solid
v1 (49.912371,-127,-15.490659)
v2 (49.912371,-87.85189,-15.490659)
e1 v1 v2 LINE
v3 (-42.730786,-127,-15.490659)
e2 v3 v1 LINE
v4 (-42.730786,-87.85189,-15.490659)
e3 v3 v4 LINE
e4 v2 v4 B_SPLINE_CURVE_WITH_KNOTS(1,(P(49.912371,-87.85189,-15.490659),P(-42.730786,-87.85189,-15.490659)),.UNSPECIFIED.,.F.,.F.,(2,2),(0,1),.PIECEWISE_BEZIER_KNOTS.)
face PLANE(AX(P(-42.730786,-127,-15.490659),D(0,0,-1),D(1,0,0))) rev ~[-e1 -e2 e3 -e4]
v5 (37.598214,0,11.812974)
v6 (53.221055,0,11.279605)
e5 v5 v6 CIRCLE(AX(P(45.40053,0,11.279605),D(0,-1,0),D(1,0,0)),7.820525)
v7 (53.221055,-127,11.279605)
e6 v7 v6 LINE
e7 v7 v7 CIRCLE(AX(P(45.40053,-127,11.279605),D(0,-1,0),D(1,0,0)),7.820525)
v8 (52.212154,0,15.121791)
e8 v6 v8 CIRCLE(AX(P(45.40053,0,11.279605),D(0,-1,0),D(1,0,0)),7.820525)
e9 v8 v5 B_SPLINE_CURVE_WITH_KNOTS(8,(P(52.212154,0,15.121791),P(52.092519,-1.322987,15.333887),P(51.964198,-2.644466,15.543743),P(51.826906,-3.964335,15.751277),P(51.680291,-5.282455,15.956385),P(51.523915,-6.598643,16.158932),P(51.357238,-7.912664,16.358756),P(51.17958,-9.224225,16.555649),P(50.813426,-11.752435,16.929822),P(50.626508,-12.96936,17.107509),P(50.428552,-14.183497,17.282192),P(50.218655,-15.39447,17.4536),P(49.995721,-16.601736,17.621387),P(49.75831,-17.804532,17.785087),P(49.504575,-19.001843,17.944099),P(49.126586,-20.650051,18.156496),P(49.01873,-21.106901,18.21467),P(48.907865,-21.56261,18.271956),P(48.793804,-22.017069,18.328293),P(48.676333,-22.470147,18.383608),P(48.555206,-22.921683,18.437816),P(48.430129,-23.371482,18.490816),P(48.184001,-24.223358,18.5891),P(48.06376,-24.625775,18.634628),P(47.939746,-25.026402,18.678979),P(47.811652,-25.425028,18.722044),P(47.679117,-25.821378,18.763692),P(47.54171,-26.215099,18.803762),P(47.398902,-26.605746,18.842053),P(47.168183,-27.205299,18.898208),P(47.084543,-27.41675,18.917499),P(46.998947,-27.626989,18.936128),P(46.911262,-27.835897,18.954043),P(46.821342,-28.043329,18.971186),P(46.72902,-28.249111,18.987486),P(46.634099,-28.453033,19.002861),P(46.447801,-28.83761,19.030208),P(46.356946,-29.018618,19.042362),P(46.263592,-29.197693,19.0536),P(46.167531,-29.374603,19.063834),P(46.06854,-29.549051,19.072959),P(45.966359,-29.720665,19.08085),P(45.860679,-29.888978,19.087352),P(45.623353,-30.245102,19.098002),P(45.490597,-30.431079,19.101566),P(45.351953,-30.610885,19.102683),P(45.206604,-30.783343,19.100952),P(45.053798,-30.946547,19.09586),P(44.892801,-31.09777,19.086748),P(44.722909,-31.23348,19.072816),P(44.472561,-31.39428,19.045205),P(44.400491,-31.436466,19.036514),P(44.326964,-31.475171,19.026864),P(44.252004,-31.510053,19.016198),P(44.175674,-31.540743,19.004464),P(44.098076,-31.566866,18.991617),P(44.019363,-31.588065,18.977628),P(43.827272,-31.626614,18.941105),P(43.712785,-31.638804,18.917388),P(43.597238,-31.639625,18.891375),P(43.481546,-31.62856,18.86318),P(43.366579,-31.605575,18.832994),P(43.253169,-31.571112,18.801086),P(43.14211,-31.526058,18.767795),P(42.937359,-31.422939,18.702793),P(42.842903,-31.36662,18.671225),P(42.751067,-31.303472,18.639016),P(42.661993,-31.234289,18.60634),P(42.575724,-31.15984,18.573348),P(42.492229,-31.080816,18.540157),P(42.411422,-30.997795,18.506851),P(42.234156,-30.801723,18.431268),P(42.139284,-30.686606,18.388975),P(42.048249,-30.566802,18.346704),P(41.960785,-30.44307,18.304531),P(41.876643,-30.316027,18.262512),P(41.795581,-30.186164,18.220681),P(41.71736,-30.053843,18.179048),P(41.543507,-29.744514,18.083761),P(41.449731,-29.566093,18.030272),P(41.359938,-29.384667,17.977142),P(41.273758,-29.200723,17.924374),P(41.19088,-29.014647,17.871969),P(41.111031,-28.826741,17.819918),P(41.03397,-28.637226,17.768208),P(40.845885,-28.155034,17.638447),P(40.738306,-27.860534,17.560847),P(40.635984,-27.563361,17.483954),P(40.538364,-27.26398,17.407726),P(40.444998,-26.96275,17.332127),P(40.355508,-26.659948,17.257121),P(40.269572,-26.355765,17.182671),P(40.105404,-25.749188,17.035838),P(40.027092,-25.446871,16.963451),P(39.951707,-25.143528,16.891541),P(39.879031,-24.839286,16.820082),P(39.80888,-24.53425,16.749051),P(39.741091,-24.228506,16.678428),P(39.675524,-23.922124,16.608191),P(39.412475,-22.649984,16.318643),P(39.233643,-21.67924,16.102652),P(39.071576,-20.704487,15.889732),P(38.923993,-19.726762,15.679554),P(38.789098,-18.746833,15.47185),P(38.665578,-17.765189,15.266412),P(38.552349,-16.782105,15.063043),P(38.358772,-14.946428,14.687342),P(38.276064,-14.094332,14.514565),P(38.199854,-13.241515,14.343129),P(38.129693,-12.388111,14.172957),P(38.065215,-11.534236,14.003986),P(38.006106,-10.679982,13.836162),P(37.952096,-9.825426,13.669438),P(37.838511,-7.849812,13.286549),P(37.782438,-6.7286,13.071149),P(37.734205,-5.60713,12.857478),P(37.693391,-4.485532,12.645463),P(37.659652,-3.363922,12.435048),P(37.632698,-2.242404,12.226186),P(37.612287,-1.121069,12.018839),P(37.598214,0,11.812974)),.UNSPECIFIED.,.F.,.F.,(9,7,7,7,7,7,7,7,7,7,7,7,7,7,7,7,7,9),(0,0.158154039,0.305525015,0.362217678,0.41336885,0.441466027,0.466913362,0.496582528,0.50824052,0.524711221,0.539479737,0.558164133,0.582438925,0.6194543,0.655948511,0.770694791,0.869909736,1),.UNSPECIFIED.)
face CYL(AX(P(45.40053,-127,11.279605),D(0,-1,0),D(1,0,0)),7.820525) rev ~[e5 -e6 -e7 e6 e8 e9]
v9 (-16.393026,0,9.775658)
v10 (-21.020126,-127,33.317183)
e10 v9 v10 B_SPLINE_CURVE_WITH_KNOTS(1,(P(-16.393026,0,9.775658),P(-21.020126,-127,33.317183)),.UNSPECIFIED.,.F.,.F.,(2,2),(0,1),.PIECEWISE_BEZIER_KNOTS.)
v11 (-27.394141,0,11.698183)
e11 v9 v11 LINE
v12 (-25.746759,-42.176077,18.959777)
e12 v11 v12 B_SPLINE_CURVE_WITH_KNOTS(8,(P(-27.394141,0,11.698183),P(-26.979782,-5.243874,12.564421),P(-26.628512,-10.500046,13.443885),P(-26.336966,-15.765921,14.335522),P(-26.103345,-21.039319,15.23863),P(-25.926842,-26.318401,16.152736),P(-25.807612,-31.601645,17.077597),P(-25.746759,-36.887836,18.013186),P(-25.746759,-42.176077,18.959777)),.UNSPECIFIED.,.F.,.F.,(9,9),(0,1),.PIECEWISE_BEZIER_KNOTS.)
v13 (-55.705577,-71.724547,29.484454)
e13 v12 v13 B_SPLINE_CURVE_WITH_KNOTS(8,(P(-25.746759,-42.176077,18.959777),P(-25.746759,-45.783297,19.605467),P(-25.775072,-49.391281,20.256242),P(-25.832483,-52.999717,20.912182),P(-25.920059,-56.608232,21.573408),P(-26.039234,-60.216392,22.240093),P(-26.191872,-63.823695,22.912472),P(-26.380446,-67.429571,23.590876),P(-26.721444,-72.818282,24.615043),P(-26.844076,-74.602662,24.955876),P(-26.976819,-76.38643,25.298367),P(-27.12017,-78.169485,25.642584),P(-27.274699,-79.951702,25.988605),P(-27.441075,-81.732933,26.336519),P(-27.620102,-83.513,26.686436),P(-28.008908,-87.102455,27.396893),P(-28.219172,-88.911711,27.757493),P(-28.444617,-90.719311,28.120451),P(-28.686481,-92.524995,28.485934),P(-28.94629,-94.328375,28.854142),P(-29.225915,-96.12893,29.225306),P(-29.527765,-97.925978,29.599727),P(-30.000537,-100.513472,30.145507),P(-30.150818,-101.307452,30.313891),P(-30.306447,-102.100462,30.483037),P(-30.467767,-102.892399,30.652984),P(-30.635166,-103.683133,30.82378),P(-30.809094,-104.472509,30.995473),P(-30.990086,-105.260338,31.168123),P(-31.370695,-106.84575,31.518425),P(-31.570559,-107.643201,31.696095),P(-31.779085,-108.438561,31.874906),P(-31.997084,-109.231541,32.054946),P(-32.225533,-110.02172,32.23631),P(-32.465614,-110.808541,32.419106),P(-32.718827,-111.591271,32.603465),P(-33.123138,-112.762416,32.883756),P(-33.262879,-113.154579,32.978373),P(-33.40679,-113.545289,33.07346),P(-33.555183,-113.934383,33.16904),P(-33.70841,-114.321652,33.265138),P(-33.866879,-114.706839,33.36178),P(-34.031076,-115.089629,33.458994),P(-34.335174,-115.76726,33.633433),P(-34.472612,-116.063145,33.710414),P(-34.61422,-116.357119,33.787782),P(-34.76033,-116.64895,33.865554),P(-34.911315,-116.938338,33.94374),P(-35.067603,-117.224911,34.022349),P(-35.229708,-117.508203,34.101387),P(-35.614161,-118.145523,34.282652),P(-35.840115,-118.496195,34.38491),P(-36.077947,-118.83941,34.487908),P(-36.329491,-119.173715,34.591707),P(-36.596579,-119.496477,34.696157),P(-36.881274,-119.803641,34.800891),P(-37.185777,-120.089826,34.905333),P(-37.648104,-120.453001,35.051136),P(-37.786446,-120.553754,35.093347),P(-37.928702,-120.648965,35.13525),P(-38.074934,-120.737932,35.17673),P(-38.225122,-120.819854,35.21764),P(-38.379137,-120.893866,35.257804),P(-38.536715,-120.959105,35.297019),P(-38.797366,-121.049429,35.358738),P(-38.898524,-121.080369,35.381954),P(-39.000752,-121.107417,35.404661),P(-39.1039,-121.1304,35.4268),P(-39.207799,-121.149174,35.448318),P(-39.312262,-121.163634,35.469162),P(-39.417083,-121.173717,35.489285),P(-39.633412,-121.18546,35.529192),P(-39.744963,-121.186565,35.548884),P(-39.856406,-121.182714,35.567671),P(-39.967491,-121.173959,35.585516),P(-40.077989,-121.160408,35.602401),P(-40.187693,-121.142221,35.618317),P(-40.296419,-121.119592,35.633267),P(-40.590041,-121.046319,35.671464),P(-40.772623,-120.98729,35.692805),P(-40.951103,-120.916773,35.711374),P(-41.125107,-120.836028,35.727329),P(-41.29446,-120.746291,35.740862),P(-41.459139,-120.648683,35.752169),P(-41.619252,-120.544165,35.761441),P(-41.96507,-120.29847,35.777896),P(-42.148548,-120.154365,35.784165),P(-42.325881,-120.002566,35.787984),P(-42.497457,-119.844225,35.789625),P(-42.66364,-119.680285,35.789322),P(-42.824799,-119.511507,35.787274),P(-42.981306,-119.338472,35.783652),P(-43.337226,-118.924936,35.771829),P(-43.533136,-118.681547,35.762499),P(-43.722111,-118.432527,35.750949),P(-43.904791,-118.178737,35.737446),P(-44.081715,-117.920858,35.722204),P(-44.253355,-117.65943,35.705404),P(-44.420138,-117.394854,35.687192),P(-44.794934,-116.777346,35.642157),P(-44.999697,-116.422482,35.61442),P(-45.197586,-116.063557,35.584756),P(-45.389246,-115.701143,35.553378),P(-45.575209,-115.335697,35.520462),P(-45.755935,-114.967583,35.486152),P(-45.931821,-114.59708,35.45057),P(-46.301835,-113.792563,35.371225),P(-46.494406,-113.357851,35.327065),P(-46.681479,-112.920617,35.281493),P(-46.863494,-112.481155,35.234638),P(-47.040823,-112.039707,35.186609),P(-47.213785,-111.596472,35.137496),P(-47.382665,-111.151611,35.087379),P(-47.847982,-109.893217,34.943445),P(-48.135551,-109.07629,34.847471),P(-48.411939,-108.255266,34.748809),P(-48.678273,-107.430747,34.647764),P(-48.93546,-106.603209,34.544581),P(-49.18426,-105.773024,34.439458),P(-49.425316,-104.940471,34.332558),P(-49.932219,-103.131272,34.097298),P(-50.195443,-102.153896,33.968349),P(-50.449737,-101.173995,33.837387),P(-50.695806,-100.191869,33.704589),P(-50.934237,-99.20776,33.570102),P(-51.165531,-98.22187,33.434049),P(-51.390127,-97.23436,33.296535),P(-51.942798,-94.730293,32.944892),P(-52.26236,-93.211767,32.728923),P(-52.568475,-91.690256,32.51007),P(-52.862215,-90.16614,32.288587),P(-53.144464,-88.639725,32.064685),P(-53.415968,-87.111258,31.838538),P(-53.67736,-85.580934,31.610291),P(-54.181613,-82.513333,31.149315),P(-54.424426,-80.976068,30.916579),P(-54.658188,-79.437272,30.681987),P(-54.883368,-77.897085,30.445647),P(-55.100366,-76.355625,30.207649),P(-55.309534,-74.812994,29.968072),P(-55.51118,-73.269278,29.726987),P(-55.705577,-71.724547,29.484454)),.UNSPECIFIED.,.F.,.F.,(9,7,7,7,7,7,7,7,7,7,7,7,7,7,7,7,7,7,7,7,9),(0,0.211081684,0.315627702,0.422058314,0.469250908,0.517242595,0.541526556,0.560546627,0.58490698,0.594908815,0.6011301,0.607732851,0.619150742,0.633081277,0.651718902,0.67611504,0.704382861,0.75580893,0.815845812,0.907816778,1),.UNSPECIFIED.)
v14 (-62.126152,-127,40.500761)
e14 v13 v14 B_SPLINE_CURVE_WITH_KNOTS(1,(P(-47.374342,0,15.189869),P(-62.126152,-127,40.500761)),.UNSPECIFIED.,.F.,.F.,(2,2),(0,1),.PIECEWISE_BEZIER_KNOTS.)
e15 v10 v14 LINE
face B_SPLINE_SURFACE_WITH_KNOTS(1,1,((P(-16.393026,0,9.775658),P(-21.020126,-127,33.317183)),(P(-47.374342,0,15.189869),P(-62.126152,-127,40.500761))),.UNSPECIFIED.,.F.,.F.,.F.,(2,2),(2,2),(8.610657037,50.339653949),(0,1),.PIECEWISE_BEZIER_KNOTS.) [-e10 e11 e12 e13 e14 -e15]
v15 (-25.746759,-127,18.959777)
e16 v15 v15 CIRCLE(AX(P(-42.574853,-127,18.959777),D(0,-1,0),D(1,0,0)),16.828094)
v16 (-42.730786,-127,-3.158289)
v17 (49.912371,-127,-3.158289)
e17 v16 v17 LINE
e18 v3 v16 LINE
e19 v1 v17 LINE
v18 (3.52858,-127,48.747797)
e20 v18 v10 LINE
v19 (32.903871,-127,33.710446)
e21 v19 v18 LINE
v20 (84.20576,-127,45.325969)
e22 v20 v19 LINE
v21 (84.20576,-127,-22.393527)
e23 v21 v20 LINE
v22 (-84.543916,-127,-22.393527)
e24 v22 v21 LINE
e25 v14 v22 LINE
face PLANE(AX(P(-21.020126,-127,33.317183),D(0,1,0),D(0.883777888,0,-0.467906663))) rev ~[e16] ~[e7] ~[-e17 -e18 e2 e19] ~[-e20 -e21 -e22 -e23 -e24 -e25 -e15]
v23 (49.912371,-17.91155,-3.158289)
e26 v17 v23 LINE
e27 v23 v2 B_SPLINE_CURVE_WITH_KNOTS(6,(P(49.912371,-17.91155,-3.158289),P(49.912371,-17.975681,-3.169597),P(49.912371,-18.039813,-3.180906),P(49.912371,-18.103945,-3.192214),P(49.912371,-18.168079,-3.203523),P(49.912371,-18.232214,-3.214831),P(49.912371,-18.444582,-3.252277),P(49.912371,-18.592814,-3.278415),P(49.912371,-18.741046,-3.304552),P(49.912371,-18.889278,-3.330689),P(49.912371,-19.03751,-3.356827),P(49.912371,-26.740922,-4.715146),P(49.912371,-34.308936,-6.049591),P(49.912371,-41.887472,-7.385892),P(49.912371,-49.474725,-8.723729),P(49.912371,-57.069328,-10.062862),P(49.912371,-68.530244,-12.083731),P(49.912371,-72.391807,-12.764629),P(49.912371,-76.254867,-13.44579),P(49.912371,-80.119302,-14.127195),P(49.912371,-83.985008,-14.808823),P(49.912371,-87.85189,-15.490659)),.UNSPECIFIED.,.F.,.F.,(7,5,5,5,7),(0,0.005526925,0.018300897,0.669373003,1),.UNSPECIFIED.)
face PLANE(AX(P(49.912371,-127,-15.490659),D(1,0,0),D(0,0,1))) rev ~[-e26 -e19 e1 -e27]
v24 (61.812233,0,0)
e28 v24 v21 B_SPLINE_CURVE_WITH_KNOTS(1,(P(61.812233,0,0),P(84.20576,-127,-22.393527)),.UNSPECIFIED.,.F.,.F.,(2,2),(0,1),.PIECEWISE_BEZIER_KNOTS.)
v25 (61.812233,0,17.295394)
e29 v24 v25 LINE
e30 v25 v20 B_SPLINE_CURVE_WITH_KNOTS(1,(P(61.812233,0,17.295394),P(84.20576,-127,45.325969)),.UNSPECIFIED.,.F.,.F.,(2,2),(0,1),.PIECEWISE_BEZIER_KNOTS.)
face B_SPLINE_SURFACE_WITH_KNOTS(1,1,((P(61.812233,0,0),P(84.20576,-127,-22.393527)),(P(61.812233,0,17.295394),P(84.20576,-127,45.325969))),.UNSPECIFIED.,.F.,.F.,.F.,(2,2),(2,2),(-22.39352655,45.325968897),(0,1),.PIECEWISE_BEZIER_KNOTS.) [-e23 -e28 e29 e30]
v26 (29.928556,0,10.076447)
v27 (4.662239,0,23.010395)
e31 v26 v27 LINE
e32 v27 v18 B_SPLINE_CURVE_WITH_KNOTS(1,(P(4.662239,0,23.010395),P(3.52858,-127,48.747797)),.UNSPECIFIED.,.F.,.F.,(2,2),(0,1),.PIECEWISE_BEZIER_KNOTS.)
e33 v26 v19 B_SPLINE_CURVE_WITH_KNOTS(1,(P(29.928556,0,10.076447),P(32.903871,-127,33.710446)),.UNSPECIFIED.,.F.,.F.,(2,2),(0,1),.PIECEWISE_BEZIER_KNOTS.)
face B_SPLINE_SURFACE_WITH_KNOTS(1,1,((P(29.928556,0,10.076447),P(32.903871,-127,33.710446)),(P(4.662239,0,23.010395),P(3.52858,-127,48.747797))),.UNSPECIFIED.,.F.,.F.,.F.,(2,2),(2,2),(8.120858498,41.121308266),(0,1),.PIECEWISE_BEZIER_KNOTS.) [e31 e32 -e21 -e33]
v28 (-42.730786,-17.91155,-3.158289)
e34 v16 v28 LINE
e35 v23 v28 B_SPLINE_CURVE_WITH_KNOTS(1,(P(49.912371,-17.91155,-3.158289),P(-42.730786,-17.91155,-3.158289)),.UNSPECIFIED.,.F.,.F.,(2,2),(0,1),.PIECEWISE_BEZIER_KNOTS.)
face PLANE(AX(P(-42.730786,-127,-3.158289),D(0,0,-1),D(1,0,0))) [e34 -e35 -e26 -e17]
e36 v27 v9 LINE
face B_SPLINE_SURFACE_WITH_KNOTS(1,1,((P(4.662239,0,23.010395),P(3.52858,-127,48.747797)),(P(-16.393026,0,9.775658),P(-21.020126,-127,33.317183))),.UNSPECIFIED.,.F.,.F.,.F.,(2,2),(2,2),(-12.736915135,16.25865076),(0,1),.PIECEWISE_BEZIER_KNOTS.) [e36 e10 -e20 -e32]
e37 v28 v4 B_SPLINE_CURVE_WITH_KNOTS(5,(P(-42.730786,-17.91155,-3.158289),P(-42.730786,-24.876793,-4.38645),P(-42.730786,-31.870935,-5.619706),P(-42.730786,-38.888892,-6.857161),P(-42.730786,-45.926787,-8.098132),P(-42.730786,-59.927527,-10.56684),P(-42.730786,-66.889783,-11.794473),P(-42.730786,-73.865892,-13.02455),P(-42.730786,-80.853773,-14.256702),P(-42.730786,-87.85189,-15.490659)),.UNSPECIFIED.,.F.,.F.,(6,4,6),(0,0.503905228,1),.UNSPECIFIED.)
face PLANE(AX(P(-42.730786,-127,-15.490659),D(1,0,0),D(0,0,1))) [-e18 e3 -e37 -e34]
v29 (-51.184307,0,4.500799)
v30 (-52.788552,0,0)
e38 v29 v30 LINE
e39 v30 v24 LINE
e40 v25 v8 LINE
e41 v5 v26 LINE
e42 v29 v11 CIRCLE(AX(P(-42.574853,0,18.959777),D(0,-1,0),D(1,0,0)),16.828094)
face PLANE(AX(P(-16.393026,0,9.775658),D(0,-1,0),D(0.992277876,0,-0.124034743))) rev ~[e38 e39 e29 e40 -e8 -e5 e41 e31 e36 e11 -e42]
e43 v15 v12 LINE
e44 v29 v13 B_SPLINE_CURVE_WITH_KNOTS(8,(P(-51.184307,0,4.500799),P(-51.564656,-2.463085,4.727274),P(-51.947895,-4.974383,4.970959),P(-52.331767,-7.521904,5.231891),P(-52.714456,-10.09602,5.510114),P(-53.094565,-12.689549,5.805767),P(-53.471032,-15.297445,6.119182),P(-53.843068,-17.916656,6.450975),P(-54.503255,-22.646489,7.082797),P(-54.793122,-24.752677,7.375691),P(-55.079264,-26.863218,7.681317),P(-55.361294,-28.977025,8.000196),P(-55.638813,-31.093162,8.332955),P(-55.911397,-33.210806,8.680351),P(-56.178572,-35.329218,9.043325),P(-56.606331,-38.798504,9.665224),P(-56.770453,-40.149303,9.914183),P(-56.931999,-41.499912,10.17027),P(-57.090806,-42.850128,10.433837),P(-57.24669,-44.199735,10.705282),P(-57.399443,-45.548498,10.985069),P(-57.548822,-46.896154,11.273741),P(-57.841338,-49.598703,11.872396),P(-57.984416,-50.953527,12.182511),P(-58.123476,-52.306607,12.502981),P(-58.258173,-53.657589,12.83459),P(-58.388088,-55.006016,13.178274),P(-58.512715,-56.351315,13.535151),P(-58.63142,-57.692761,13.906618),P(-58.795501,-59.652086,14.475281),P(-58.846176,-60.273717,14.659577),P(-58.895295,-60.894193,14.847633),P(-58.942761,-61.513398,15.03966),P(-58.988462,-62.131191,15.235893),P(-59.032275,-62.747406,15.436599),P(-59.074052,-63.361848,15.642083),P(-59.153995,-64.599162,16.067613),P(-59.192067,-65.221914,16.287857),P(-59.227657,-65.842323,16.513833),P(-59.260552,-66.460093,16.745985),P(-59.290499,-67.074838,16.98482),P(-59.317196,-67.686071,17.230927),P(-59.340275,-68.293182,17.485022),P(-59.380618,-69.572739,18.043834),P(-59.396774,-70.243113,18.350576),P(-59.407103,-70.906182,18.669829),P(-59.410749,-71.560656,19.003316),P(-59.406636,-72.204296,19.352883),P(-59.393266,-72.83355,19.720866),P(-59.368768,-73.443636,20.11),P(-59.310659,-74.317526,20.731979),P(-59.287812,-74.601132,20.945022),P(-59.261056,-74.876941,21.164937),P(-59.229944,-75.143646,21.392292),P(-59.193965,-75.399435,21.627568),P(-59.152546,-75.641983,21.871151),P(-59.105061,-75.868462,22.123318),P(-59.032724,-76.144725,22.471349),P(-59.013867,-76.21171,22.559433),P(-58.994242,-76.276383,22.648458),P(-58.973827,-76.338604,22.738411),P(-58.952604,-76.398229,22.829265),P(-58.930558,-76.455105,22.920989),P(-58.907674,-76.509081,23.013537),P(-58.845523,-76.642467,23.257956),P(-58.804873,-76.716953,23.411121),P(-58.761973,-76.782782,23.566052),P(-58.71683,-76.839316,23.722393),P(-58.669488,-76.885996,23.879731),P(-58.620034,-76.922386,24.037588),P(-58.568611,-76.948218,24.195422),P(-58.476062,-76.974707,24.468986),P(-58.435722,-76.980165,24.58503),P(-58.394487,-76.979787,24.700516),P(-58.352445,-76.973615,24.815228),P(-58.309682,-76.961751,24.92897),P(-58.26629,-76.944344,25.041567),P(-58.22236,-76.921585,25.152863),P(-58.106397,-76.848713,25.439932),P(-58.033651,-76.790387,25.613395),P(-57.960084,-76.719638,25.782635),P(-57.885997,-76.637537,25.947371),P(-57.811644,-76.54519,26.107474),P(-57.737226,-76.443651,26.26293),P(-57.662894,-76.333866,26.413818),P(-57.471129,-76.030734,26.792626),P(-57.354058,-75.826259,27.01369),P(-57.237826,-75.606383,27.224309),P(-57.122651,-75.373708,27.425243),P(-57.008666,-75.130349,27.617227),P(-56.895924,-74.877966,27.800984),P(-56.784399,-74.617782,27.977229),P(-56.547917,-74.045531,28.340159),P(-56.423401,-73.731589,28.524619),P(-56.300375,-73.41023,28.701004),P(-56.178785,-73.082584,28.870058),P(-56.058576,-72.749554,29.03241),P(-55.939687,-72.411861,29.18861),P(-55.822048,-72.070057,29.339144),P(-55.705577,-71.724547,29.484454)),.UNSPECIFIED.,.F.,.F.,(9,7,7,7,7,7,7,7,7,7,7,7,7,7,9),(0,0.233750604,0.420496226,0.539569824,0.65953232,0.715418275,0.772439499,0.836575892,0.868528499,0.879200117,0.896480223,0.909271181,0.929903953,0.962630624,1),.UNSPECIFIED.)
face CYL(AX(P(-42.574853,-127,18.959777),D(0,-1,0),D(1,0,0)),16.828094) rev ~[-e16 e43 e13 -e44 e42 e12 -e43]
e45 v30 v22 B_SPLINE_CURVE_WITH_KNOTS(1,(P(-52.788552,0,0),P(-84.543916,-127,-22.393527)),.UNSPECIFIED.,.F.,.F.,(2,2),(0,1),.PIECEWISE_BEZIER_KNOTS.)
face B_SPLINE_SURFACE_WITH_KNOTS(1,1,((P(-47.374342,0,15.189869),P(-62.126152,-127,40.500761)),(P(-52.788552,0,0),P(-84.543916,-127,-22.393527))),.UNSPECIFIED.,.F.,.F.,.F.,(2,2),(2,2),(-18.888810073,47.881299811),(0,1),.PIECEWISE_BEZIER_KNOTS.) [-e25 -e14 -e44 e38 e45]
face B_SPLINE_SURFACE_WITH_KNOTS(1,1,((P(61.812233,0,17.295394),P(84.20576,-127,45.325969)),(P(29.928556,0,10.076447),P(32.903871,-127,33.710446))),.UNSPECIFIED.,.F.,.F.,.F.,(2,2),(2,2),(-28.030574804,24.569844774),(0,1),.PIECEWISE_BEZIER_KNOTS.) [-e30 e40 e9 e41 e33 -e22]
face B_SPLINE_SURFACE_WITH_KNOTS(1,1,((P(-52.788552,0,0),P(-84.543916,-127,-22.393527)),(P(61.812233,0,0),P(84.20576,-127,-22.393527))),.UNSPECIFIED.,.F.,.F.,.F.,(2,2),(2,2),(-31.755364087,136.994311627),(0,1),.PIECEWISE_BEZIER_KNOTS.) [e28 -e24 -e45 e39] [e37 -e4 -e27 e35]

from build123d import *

# Parameters (mm, degrees)
F1_DEPTH = 127
F1_TAPER = -10
F2_R     = 7.8205252783
F3_DEPTH = 127.0010001
F4_R     = 16.8280941537
F5_DEPTH = 127.0010001
F6_W     = 92.6431566477
F6_H     = 12.3323691078
F7_DEPTH = 127.0010001


with BuildPart() as f1:
    # F0 (on Front) → F1 (new body)
    with BuildSketch(Plane.XZ):
        Polygon((-16.393026337, 9.7756581381), (-47.3743416369, 15.1898693293), (-52.7885518968, 0), (61.8122331798, 0), (61.8122331798, 17.2953940928), (29.9285557121, 10.07644739), (4.6622389928, 23.0103954673), align=None)
    extrude(amount=F1_DEPTH, taper=F1_TAPER)

    # F2 (on face) → F3 (cut, through all)
    with BuildSketch(Plane.XZ.offset(127)):
        with Locations((45.4005300999, 11.279605329)):
            Circle(F2_R)
    extrude(amount=-F3_DEPTH, mode=Mode.SUBTRACT)

    # F4 (on face) → F5 (cut, through all)
    with BuildSketch(Plane.XZ.offset(127)):
        with Locations((-42.574852705, 18.9597774297)):
            Circle(F4_R)
    extrude(amount=-F5_DEPTH, mode=Mode.SUBTRACT)

    # F6 (on face) → F7 (cut, through all)
    with BuildSketch(Plane.XZ.offset(127)):
        with Locations((3.5907924175, -9.3244740274)):
            Rectangle(F6_W, F6_H)
    extrude(amount=-F7_DEPTH, mode=Mode.SUBTRACT)


solid = f1.part
